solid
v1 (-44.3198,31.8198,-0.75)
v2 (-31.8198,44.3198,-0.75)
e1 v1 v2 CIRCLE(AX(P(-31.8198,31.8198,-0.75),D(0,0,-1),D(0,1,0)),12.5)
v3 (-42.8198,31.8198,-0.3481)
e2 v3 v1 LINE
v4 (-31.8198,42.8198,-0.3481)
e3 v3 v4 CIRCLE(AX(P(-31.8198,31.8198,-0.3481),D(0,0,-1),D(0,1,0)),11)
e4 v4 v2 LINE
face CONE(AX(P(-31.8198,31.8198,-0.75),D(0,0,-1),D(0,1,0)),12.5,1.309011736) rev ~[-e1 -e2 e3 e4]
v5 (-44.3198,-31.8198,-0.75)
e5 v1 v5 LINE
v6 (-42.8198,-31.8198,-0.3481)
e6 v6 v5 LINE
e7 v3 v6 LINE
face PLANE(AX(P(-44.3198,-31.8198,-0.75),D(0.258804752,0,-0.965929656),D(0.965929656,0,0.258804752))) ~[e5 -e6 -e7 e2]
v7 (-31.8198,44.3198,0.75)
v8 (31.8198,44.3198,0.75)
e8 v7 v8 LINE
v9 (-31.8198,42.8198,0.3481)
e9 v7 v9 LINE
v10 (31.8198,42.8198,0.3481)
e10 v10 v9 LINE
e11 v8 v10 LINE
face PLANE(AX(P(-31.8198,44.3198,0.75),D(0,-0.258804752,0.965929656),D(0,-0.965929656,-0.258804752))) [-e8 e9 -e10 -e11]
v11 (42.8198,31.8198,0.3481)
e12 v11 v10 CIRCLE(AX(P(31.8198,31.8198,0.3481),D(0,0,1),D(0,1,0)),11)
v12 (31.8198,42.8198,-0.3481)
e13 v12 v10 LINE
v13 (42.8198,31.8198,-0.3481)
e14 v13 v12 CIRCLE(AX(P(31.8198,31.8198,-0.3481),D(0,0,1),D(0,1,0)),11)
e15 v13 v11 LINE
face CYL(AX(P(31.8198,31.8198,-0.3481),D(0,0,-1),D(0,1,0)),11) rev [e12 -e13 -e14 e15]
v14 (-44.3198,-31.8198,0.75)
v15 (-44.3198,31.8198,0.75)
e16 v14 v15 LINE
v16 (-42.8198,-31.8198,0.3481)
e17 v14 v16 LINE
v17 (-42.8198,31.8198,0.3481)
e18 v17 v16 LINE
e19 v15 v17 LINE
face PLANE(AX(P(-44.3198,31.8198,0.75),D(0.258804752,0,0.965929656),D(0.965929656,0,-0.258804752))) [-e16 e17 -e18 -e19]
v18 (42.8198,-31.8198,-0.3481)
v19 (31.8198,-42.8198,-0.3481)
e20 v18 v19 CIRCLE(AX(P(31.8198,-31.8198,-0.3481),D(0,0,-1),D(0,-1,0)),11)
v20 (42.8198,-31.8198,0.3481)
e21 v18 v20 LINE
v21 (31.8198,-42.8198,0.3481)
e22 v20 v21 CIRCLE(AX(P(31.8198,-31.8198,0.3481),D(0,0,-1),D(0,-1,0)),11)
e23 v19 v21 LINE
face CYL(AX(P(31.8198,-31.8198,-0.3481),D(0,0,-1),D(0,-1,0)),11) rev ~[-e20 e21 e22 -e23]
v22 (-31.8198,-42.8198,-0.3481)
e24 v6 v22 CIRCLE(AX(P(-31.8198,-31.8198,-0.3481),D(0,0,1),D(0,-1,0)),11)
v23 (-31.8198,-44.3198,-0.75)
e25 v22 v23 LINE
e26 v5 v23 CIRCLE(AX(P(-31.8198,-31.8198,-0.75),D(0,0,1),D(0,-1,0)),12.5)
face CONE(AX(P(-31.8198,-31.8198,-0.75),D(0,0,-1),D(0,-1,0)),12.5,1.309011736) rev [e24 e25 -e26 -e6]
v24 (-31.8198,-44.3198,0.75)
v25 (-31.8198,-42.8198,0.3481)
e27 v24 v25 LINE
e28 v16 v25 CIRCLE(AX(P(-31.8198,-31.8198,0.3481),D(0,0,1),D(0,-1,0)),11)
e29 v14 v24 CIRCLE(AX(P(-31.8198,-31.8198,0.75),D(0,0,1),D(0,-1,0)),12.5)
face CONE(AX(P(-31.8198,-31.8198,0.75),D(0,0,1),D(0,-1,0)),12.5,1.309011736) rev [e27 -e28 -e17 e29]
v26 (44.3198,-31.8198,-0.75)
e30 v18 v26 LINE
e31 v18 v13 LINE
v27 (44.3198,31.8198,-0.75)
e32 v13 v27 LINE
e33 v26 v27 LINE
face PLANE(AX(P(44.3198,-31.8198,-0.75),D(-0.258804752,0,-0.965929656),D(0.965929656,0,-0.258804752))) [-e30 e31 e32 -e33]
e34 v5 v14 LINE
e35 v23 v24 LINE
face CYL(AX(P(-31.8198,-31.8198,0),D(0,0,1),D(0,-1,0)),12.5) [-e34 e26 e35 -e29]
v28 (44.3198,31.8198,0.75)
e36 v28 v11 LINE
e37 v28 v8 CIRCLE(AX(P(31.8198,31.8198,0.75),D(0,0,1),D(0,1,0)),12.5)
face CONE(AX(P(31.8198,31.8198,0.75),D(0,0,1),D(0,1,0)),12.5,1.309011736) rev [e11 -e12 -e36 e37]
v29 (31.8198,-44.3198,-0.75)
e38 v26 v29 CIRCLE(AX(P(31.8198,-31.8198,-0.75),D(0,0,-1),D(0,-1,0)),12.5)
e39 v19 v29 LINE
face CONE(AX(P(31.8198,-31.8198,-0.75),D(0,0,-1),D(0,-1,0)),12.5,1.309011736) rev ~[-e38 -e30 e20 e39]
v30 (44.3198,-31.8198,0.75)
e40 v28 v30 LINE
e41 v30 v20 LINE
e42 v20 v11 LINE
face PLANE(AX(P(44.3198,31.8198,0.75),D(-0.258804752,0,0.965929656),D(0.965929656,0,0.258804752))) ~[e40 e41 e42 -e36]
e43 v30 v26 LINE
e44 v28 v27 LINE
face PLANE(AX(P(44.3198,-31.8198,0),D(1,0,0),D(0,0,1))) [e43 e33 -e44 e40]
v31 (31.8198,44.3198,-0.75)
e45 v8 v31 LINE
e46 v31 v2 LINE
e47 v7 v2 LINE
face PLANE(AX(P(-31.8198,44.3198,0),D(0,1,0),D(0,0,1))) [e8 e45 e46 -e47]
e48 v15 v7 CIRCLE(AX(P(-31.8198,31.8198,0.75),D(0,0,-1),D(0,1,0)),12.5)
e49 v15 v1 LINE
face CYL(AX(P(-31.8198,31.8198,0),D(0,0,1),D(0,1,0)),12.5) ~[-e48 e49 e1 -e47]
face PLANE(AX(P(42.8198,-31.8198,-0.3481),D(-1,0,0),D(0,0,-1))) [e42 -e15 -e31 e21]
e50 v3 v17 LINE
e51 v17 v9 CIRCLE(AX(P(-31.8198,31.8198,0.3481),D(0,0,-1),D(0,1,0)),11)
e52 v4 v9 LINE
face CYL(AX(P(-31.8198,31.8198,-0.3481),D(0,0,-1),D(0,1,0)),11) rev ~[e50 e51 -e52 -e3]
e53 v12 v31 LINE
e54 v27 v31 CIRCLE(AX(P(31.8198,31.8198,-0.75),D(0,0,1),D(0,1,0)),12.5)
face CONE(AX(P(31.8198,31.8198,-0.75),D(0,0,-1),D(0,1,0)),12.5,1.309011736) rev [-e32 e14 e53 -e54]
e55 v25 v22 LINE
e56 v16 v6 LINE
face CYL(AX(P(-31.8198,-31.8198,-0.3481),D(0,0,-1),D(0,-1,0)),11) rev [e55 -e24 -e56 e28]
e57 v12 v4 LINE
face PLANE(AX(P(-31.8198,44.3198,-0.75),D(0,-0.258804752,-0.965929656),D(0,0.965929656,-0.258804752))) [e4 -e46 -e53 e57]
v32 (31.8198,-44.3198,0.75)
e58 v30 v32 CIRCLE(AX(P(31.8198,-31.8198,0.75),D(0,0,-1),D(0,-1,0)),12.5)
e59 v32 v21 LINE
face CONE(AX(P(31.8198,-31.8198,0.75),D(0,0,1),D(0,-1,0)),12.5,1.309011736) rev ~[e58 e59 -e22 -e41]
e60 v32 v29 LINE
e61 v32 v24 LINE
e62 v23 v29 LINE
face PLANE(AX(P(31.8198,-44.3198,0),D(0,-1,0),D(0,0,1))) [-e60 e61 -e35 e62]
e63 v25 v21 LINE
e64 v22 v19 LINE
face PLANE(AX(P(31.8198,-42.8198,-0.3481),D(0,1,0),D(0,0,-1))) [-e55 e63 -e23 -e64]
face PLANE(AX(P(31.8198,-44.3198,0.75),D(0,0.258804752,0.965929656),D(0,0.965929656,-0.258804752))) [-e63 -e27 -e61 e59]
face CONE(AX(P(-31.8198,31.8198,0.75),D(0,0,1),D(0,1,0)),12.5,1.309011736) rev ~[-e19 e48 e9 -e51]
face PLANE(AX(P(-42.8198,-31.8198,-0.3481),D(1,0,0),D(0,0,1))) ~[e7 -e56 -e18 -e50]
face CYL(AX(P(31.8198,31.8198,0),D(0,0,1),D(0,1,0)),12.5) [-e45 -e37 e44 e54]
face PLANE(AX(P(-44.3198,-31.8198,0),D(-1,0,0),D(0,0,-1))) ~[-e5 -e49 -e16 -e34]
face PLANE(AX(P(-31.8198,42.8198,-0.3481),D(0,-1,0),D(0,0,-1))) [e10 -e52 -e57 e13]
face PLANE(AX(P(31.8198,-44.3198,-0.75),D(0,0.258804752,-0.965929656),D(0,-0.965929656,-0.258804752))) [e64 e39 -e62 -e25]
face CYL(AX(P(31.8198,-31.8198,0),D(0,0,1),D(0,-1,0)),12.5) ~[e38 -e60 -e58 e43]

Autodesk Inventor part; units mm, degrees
ref_plane "YZ Plane" through (0, 0, 0) normal (1, 0, 0) x (0, 1, 0)
ref_plane "XZ Plane" through (0, 0, 0) normal (0, 1, 0) x (-1, 0, 0)
ref_plane "XY Plane" through (0, 0, 0) normal (0, 0, 1) x (1, 0, 0)
sketch "Sketch1" plane through (0, 0, 0) normal (0, 0, 1) x (1, 0, 0)
  line L0 (0, 0) -> (0, 7.5) construction
  line L1 (10, 0) -> (0, 0) construction
  line L2 (0, 0) -> (-10, 0) construction
  line L3 (0, 0) -> (-31.8198, 31.8198) construction
  circle A0 centre (0, 0) radius 45 construction
  line L4 (0, 0) -> (0, 45) construction
  line L5 (-31.8198, 31.8198) -> (-31.8198, -24.2384) construction
  line L6 (-31.8198, -24.2384) -> (-31.8198, -31.8198) construction
  line L7 (-31.8198, 31.8198) -> (24.2384, 31.8198) construction
  line L8 (24.2384, 31.8198) -> (31.8198, 31.8198) construction
  line L9 (31.8198, 31.8198) -> (31.8198, -31.8198) construction
  line L10 (31.8198, -31.8198) -> (-31.8198, -31.8198) construction
  line L11 (0, 0) -> (39.9999, 0) construction
  line L12 (0, 0) -> (0, -40) construction
  line L13 (-31.8198, 44.3198) -> (0, 44.3198)
  line L14 (-44.3198, 31.8198) -> (-44.3198, 0)
  line L15 (-44.3198, 0) -> (0, 0) construction
  arc A1 (-31.8198, 44.3198) -> (-44.3198, 31.8198) centre (-31.8198, 31.8198) ccw
  point P0 (0, 50)
  dimension "d6" = 90
  dimension "d7" = 45
  dimension "d15" = 12.5
sketch "Sketch2" plane through (0, 0, 0) normal (1, 0, 0) x (0, 1, 0)
  line L0 (44.3198, 0) -> (44.3198, 0.75)
  line L1 (44.3198, 0.75) -> (42.8198, 0.3481)
  line L2 (42.8198, 0.3481) -> (42.8198, 0)
  line L3 (44.3198, 0) -> (42.8198, 0) construction
  line L4 (44.3198, 0) -> (44.3198, -0.75)
  line L5 (44.3198, -0.75) -> (42.8198, -0.3481)
  line L6 (42.8198, -0.3481) -> (42.8198, 0)
  dimension "d16" = 0.75
  dimension "d17" = 15
  dimension "d18" = 1.5
sweep "Sweep1" add profiles "Sketch2" path "Sketch1"
mirror "Mirror1" about plane through (0, 43.6835, 0) normal (1, 0, 0) of "Sweep1"
mirror "Mirror2" about plane through (-44.3198, 0, 0) normal (0, -1, 0) of "Sweep1", "Mirror1"
properties part number "Belt"
